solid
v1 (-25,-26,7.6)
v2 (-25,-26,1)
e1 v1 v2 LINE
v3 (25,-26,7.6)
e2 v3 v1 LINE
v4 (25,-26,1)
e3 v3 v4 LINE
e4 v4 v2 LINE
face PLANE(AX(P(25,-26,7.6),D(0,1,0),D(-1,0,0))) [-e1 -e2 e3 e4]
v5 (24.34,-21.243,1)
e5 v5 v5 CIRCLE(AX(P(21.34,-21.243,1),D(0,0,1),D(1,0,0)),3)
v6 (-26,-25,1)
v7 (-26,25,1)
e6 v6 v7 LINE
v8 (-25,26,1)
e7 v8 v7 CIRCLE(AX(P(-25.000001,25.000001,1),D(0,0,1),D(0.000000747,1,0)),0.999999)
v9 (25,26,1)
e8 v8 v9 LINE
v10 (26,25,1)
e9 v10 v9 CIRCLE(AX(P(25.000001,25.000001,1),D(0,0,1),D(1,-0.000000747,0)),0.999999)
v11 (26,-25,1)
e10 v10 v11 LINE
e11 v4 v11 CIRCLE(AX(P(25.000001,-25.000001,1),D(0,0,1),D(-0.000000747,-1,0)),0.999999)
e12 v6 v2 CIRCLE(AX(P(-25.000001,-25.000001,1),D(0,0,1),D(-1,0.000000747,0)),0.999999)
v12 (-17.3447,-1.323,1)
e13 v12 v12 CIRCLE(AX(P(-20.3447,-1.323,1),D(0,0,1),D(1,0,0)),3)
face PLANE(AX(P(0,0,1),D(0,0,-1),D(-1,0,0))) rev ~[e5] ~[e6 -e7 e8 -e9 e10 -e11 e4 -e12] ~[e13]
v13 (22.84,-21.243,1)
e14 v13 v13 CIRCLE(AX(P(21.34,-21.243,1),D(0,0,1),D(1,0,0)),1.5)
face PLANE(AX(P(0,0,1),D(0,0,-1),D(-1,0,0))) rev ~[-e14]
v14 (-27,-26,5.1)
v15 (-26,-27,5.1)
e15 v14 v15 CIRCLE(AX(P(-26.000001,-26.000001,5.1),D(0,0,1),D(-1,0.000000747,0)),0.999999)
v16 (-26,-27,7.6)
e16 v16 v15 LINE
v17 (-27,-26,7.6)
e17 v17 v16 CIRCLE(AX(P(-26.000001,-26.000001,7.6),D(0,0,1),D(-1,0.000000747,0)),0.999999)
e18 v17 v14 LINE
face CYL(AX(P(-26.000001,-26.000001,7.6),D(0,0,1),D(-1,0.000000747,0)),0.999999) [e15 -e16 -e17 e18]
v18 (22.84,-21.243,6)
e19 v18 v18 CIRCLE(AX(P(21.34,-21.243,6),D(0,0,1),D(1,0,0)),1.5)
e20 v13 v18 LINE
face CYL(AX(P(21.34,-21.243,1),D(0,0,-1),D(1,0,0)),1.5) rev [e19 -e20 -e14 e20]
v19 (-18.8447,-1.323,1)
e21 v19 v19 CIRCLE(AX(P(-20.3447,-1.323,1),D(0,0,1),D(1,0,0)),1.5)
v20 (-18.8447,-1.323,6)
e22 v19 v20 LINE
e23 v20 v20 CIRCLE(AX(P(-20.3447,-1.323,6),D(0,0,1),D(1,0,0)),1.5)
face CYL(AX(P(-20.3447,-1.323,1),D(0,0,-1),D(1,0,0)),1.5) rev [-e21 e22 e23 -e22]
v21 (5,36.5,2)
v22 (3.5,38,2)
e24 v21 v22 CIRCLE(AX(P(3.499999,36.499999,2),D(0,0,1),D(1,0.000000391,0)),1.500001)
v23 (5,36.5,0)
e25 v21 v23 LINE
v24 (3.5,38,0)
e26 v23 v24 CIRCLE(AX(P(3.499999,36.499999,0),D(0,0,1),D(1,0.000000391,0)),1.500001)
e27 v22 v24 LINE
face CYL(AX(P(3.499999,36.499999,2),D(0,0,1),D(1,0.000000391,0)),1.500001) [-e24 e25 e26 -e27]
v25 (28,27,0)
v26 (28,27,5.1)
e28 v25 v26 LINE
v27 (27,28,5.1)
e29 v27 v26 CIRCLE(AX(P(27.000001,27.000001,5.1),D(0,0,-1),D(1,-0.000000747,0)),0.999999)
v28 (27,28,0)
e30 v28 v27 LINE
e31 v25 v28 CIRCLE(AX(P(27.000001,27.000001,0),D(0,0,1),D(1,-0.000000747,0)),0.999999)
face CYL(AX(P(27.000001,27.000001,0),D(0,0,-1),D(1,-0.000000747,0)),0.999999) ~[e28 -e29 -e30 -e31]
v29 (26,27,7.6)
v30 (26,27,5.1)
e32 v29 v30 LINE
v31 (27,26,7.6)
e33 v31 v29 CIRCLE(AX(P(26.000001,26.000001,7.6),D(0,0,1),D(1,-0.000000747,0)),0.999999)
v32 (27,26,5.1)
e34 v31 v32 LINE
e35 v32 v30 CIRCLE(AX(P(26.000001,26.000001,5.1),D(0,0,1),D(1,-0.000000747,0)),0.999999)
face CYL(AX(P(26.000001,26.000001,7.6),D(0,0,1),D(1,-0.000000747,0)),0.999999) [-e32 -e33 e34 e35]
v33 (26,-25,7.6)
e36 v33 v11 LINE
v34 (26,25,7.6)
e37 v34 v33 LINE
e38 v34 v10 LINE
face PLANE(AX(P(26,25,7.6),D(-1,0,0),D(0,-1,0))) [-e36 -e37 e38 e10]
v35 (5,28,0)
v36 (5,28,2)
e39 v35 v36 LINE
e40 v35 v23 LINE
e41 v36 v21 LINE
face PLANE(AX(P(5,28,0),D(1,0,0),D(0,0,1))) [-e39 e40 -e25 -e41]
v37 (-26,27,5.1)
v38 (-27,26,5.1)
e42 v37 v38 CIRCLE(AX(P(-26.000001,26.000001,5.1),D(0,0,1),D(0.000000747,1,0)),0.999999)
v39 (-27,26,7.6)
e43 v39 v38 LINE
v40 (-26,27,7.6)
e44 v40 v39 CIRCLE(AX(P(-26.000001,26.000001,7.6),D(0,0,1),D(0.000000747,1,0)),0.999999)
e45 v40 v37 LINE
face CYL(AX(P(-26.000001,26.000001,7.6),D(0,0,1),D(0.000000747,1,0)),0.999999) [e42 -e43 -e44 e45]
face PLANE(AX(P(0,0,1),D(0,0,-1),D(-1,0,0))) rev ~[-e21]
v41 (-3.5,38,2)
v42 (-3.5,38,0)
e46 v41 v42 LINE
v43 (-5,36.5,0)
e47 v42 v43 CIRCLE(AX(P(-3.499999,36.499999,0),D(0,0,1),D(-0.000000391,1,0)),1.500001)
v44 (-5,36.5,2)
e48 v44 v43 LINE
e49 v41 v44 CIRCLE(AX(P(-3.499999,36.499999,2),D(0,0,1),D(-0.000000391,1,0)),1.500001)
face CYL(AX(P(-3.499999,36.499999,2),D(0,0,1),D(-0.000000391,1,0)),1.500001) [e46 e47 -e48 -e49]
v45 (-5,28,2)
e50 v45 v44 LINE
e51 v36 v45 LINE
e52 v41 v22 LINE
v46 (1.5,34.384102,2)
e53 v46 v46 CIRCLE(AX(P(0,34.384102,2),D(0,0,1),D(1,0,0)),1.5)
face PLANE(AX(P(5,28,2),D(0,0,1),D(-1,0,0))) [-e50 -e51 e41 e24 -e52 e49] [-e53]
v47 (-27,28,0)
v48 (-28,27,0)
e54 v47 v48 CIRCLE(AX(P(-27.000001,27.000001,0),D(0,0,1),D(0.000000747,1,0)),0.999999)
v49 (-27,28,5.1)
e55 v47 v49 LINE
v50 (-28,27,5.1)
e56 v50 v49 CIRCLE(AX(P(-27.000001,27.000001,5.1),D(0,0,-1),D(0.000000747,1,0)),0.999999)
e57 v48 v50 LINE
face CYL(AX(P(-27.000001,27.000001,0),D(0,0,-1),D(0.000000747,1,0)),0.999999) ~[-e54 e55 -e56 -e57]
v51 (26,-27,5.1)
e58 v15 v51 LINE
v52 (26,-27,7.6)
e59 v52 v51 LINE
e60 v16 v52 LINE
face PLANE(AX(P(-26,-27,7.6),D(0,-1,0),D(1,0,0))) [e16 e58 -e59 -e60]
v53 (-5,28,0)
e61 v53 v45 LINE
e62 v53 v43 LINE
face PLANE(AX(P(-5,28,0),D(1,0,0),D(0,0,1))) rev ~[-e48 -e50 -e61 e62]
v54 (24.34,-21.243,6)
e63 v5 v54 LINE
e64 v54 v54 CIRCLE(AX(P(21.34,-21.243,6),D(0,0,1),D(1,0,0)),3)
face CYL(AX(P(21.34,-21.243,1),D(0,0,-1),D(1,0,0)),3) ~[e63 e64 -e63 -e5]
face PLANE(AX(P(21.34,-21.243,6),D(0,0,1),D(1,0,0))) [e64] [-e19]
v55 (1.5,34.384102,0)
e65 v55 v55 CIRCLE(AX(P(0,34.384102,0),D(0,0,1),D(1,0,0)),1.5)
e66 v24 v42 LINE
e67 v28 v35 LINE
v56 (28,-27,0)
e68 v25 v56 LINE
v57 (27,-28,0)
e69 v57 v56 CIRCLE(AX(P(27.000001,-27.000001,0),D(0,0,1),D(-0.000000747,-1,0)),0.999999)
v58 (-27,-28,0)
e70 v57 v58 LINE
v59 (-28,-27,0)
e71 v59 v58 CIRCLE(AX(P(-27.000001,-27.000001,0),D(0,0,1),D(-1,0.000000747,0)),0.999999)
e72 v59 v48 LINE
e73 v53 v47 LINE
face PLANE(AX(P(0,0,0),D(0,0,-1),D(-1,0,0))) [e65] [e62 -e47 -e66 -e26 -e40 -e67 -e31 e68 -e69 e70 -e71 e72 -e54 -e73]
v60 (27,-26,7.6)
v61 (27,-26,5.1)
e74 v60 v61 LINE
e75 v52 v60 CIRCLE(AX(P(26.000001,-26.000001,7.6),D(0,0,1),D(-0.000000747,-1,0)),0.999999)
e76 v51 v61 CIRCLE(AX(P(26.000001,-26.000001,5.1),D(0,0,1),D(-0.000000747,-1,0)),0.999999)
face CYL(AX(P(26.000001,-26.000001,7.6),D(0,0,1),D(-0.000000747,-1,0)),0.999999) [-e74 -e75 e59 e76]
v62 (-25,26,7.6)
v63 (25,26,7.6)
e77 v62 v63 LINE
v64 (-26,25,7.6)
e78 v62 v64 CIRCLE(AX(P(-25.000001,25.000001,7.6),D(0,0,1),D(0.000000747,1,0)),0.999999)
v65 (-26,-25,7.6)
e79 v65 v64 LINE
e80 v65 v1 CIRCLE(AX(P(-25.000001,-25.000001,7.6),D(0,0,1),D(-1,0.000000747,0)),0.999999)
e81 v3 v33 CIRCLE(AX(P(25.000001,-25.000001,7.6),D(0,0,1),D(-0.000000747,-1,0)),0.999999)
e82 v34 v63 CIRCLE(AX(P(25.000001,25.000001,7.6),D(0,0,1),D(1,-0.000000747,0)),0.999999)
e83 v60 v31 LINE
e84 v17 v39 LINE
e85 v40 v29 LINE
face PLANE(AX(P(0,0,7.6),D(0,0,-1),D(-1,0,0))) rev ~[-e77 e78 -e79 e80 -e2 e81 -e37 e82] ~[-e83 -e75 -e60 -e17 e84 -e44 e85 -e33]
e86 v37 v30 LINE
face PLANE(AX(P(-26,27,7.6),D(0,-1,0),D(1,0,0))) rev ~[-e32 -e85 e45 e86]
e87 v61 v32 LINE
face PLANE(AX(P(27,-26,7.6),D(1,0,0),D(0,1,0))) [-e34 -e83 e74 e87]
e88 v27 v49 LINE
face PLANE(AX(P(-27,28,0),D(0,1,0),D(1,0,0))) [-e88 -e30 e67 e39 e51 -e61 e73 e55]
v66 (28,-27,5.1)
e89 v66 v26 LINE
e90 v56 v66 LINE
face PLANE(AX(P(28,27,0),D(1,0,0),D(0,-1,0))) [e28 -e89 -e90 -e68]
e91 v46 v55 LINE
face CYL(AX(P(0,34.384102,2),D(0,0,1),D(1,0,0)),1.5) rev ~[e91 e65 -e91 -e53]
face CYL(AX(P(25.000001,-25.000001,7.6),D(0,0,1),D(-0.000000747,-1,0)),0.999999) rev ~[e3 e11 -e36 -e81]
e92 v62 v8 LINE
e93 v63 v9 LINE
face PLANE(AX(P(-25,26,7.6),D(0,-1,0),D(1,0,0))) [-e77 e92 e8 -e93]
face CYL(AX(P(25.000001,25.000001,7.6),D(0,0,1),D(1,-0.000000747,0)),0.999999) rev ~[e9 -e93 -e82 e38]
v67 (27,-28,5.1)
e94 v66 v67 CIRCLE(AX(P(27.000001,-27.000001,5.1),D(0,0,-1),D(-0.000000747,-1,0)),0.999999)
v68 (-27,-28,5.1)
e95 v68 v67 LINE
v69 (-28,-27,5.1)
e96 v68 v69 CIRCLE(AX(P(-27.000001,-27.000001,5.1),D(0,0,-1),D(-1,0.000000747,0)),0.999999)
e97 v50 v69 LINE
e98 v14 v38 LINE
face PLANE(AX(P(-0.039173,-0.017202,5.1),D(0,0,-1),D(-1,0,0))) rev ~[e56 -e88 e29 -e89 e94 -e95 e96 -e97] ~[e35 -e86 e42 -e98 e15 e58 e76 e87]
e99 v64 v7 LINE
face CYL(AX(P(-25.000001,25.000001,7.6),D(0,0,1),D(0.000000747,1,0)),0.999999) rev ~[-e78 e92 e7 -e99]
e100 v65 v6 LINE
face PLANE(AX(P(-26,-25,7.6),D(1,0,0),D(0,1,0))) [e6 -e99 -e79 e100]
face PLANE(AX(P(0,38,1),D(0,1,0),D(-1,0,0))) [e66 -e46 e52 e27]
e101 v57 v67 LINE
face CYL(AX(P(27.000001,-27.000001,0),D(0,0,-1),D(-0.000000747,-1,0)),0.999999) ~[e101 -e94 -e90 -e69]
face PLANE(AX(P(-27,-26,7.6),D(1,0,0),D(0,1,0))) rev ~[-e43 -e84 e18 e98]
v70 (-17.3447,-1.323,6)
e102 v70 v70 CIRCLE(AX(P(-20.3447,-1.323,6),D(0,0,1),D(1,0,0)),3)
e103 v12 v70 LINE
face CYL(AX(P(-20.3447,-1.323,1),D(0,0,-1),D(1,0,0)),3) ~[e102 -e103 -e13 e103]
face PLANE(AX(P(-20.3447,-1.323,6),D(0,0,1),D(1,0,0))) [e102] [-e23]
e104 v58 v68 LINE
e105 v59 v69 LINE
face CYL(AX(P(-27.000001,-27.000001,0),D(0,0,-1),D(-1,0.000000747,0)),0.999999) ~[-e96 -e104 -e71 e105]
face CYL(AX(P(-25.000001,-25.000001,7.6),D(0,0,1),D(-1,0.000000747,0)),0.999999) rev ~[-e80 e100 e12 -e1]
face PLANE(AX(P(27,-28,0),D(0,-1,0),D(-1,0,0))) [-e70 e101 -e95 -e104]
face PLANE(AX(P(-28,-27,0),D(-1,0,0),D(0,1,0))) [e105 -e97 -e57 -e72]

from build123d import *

# Parameters (mm, degrees)
PAD_DEPTH       = 7.6
POCKET_DEPTH    = 6.6
SKETCH002_R     = 3
SKETCH002_R_2   = 1.5
PAD001_DEPTH    = 5
POCKET001_DEPTH = 2.5
SKETCH004_W     = 10
SKETCH004_H     = 2
PAD002_DEPTH    = 10
SKETCH005_R     = 1.5
POCKET002_DEPTH = 5


with BuildPart() as part:
    # Sketch → Pad (new body)
    with BuildSketch(Plane.XY):
        with BuildLine():
            Line((-27, 28), (27, 28))
            ThreePointArc((28, 27), (27.707107, 27.707107), (27, 28))
            Line((28, 27), (28, -27))
            ThreePointArc((27, -28), (27.707107, -27.707107), (28, -27))
            Line((27, -28), (-27, -28))
            ThreePointArc((-28, -27), (-27.707107, -27.707107), (-27, -28))
            Line((-28, -27), (-28, 27))
            ThreePointArc((-27, 28), (-27.707107, 27.707107), (-28, 27))
        make_face()
    extrude(amount=PAD_DEPTH)

    # Sketch001 (on Face10 of Pad) → Pocket (cut)
    with BuildSketch(Plane.XY.offset(7.6)):
        with BuildLine():
            Line((-25, 26), (25, 26))
            ThreePointArc((26, 25), (25.707107, 25.707107), (25, 26))
            Line((26, 25), (26, -25))
            ThreePointArc((25, -26), (25.707107, -25.707107), (26, -25))
            Line((25, -26), (-25, -26))
            ThreePointArc((-26, -25), (-25.707107, -25.707107), (-25, -26))
            Line((-26, -25), (-26, 25))
            ThreePointArc((-25, 26), (-25.707107, 25.707107), (-26, 25))
        make_face()
    extrude(amount=-POCKET_DEPTH, mode=Mode.SUBTRACT)

    # Sketch002 (on Face19 of Pocket) → Pad001 (join)
    with BuildSketch(Plane.XY.offset(1)):
        with Locations((-20.3447, -1.323)):
            Circle(SKETCH002_R)
        with Locations((-20.3447, -1.323)):
            Circle(SKETCH002_R_2, mode=Mode.SUBTRACT)
        with Locations((21.34, -21.243)):
            Circle(SKETCH002_R)
        with Locations((21.34, -21.243)):
            Circle(SKETCH002_R_2, mode=Mode.SUBTRACT)
    extrude(amount=PAD001_DEPTH)

    # Sketch003 (on Face5 of Pad001) → Pocket001 (cut)
    with BuildSketch(Plane.XY.offset(7.6)):
        Polygon((27.14591, 28.064611), (28.06645, 28.064611), (28.06645, -28.099016), (27.14591, -28.099016), (-28.144796, -28.099016), (-28.144796, -26.750607), (-28.144796, 28.064611), (-26.614367, 28.064611), align=None)
        with BuildLine():
            Line((27, -26), (27, 26))
            ThreePointArc((27, 26), (26.707107, 26.707107), (26, 27))
            Line((-26, 27), (26, 27))
            ThreePointArc((-26, 27), (-26.707107, 26.707107), (-27, 26))
            Line((-27, -26), (-27, 26))
            ThreePointArc((-27, -26), (-26.707107, -26.707107), (-26, -27))
            Line((-26, -27), (26, -27))
            ThreePointArc((26, -27), (26.707107, -26.707107), (27, -26))
        make_face(mode=Mode.SUBTRACT)
    extrude(amount=-POCKET001_DEPTH, mode=Mode.SUBTRACT)

    # Sketch004 (on Face6 of Pocket001) → Pad002 (join)
    with BuildSketch(Plane(origin=(0, 28, 0), x_dir=(-1, 0, 0), z_dir=(0, 1, 0))):
        with Locations((0, 1)):
            Rectangle(SKETCH004_W, SKETCH004_H)
    extrude(amount=PAD002_DEPTH)

    # Sketch005 (on Face21 of Pad002) → Pocket002 (cut)
    with BuildSketch(Plane.XY.offset(2)):
        with Locations((0, 34.384102)):
            Circle(SKETCH005_R)
        with BuildLine():
            Line((-3.5, 38), (3.5, 38))
            ThreePointArc((5, 36.5), (4.56066, 37.56066), (3.5, 38))
            Line((5, 36.5), (5, 28))
            Line((5.691499, 28), (5, 28))
            Line((5.691499, 38.719643), (5.691499, 28))
            Line((-5.537798, 38.719643), (5.691499, 38.719643))
            Line((-5.537798, 28), (-5.537798, 38.719643))
            Line((-5, 28), (-5.537798, 28))
            Line((-5, 36.5), (-5, 28))
            ThreePointArc((-3.5, 38), (-4.56066, 37.56066), (-5, 36.5))
        make_face()
    extrude(amount=-POCKET002_DEPTH, mode=Mode.SUBTRACT)


solid = part.part
